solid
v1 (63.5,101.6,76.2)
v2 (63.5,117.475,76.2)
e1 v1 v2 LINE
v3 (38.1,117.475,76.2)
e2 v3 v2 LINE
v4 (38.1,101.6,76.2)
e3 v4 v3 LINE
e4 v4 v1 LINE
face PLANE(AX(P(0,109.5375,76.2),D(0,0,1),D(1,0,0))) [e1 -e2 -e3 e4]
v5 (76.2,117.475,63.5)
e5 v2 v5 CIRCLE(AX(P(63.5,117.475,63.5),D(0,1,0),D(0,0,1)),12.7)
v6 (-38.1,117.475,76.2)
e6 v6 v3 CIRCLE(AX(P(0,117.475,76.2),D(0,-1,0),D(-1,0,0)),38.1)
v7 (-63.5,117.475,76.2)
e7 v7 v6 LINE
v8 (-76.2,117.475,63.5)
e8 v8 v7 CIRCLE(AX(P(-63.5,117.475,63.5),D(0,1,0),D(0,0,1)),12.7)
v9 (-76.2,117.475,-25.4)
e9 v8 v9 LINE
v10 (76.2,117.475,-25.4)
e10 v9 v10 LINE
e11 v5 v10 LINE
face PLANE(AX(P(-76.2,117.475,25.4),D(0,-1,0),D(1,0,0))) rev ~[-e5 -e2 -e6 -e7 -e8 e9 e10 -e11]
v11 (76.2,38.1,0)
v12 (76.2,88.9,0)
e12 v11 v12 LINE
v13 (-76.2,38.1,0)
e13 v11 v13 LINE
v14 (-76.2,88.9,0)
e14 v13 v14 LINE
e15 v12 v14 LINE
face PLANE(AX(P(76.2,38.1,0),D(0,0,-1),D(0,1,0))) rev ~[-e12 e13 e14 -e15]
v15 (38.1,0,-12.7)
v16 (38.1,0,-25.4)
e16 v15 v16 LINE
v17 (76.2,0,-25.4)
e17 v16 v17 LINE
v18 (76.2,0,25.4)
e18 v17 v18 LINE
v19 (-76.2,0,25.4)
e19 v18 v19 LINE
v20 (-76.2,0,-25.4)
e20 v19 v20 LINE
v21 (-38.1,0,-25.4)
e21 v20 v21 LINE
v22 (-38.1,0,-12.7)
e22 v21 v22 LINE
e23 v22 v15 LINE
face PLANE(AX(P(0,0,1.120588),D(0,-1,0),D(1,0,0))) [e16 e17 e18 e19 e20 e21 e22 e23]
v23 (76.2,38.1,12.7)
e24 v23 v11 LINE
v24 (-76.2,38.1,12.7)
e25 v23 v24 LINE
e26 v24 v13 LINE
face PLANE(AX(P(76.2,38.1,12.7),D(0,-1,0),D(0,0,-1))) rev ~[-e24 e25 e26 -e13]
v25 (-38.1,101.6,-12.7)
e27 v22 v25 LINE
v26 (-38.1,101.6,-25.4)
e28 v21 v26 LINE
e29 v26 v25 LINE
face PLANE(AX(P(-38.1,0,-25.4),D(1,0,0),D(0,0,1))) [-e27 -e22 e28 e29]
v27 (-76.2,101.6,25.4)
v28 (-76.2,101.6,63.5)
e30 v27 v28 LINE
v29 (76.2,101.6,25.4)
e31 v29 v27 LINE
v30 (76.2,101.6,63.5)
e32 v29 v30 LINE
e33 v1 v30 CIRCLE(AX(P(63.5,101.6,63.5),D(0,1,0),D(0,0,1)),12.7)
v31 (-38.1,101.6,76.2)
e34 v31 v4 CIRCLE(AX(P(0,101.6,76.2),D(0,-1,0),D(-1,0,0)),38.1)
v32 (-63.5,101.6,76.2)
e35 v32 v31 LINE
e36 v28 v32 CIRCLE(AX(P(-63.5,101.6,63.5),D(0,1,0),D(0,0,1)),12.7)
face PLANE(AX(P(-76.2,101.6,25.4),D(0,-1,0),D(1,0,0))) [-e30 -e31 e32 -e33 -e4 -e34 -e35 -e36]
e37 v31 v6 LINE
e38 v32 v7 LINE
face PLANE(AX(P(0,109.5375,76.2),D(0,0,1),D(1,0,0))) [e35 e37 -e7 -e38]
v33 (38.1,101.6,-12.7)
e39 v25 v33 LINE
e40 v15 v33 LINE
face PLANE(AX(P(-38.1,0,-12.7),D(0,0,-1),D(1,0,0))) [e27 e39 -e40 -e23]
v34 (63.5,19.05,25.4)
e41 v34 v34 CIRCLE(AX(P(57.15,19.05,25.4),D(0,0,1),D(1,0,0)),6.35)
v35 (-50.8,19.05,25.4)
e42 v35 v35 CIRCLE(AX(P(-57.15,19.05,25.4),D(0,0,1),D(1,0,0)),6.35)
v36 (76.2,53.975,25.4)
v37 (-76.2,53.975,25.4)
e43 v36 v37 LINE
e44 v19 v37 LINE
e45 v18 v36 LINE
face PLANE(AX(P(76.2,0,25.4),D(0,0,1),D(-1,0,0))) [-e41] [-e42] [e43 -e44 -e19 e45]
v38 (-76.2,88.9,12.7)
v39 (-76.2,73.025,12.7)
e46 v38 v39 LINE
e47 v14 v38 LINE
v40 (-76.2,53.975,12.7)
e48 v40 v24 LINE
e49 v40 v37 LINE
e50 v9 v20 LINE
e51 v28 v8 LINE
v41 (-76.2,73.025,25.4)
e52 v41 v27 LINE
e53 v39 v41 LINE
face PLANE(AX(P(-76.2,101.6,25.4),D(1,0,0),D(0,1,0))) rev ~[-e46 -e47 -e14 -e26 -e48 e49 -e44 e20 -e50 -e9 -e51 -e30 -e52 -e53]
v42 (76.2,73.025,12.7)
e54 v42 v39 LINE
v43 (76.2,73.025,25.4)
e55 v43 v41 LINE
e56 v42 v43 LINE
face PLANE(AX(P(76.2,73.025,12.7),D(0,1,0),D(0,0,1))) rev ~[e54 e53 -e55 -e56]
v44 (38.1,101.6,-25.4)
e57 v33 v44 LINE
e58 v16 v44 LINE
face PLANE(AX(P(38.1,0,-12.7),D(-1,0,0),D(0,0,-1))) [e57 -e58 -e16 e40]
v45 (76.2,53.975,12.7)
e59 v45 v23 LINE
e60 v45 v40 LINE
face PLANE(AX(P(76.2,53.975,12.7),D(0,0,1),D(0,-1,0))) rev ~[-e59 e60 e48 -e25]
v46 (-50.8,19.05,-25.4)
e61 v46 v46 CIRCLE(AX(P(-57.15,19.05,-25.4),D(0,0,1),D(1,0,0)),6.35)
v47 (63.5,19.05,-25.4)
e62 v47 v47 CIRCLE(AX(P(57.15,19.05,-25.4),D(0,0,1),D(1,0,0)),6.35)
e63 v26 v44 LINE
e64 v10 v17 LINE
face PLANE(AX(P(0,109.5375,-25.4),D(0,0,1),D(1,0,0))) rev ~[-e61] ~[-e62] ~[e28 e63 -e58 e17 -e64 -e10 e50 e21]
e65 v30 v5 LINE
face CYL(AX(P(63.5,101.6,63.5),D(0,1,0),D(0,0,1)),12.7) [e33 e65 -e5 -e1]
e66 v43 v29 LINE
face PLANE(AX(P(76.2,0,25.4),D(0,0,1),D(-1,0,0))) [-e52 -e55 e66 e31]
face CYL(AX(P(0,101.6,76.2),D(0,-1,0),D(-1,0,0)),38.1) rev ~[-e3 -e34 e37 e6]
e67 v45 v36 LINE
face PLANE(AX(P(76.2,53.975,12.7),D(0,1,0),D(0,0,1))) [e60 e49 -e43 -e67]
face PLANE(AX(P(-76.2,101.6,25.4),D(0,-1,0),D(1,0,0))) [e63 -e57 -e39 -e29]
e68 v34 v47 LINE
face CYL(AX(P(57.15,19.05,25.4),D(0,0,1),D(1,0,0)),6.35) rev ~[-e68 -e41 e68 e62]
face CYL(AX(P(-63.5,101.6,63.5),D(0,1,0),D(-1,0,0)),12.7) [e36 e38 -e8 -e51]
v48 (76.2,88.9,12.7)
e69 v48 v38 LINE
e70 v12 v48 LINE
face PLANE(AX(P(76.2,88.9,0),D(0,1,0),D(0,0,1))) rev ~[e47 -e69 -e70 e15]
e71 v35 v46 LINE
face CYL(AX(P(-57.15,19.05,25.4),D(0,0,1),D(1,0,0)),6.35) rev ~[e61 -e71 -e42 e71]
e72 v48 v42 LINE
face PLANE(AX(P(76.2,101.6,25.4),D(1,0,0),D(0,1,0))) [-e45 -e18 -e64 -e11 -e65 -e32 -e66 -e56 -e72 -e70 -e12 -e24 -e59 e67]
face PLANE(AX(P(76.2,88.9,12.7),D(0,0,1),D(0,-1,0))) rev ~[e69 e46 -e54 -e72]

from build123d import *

# Parameters (mm, degrees)
F1_DEPTH = 101.6
F2_W     = 19.05
F2_H     = 12.7
F3_DEPTH = 152.4
F4_R     = 6.35
F5_DEPTH = 50.8
F6_W     = 152.4
F6_H     = 15.875
F7_DEPTH = 50.8
F9_DEPTH = 15.875
F10_R    = 12.7


with BuildPart() as f1:
    # F0 (on Front) → F1 (new body)
    with BuildSketch(Plane.XZ):
        Polygon((76.2, 25.4), (-76.2, 25.4), (-76.2, -25.4), (-38.1, -25.4), (-38.1, -12.7), (38.1, -12.7), (38.1, -25.4), (76.2, -25.4), align=None)
    extrude(amount=-F1_DEPTH)

    # F2 (on face) → F3 (cut)
    with BuildSketch(Plane.YZ.offset(76.2)):
        Polygon((53.975, 12.7), (38.1, 12.7), (38.1, 0), (88.9, 0), (88.9, 12.7), (73.025, 12.7), align=None)
        with Locations((63.5, 19.05)):
            Rectangle(F2_W, F2_H)
    extrude(amount=-F3_DEPTH, mode=Mode.SUBTRACT)

    # F4 (on face) → F5 (cut, through all)
    with BuildSketch(Plane.XY.offset(25.4)):
        with Locations((57.15, 19.05)):
            Circle(F4_R)
        with Locations((-57.15, 19.05)):
            Circle(F4_R)
    extrude(amount=-F5_DEPTH, mode=Mode.SUBTRACT)

    # F6 (on face) → F7 (join, symmetric)
    with BuildSketch(Plane.XY.offset(25.4)):
        with Locations((0, 109.5375)):
            Rectangle(F6_W, F6_H)
    extrude(amount=F7_DEPTH, both=True)

    # F8 (on face) → F9 (cut, through all)
    with BuildSketch(Plane.XZ.offset(-101.6)):
        with BuildLine():
            Line((38.1, 76.2), (-38.1, 76.2))
            ThreePointArc((-38.1, 76.2), (0, 38.1), (38.1, 76.2))
        make_face()
    extrude(amount=-F9_DEPTH, mode=Mode.SUBTRACT)

    # F10
    f10_edges = [f1.edges().sort_by_distance(p)[0] for p in [
        (-76.2, 109.5375, 76.2),
        (76.2, 109.5375, 76.2),
    ]]
    fillet(f10_edges, radius=F10_R)


solid = f1.part
